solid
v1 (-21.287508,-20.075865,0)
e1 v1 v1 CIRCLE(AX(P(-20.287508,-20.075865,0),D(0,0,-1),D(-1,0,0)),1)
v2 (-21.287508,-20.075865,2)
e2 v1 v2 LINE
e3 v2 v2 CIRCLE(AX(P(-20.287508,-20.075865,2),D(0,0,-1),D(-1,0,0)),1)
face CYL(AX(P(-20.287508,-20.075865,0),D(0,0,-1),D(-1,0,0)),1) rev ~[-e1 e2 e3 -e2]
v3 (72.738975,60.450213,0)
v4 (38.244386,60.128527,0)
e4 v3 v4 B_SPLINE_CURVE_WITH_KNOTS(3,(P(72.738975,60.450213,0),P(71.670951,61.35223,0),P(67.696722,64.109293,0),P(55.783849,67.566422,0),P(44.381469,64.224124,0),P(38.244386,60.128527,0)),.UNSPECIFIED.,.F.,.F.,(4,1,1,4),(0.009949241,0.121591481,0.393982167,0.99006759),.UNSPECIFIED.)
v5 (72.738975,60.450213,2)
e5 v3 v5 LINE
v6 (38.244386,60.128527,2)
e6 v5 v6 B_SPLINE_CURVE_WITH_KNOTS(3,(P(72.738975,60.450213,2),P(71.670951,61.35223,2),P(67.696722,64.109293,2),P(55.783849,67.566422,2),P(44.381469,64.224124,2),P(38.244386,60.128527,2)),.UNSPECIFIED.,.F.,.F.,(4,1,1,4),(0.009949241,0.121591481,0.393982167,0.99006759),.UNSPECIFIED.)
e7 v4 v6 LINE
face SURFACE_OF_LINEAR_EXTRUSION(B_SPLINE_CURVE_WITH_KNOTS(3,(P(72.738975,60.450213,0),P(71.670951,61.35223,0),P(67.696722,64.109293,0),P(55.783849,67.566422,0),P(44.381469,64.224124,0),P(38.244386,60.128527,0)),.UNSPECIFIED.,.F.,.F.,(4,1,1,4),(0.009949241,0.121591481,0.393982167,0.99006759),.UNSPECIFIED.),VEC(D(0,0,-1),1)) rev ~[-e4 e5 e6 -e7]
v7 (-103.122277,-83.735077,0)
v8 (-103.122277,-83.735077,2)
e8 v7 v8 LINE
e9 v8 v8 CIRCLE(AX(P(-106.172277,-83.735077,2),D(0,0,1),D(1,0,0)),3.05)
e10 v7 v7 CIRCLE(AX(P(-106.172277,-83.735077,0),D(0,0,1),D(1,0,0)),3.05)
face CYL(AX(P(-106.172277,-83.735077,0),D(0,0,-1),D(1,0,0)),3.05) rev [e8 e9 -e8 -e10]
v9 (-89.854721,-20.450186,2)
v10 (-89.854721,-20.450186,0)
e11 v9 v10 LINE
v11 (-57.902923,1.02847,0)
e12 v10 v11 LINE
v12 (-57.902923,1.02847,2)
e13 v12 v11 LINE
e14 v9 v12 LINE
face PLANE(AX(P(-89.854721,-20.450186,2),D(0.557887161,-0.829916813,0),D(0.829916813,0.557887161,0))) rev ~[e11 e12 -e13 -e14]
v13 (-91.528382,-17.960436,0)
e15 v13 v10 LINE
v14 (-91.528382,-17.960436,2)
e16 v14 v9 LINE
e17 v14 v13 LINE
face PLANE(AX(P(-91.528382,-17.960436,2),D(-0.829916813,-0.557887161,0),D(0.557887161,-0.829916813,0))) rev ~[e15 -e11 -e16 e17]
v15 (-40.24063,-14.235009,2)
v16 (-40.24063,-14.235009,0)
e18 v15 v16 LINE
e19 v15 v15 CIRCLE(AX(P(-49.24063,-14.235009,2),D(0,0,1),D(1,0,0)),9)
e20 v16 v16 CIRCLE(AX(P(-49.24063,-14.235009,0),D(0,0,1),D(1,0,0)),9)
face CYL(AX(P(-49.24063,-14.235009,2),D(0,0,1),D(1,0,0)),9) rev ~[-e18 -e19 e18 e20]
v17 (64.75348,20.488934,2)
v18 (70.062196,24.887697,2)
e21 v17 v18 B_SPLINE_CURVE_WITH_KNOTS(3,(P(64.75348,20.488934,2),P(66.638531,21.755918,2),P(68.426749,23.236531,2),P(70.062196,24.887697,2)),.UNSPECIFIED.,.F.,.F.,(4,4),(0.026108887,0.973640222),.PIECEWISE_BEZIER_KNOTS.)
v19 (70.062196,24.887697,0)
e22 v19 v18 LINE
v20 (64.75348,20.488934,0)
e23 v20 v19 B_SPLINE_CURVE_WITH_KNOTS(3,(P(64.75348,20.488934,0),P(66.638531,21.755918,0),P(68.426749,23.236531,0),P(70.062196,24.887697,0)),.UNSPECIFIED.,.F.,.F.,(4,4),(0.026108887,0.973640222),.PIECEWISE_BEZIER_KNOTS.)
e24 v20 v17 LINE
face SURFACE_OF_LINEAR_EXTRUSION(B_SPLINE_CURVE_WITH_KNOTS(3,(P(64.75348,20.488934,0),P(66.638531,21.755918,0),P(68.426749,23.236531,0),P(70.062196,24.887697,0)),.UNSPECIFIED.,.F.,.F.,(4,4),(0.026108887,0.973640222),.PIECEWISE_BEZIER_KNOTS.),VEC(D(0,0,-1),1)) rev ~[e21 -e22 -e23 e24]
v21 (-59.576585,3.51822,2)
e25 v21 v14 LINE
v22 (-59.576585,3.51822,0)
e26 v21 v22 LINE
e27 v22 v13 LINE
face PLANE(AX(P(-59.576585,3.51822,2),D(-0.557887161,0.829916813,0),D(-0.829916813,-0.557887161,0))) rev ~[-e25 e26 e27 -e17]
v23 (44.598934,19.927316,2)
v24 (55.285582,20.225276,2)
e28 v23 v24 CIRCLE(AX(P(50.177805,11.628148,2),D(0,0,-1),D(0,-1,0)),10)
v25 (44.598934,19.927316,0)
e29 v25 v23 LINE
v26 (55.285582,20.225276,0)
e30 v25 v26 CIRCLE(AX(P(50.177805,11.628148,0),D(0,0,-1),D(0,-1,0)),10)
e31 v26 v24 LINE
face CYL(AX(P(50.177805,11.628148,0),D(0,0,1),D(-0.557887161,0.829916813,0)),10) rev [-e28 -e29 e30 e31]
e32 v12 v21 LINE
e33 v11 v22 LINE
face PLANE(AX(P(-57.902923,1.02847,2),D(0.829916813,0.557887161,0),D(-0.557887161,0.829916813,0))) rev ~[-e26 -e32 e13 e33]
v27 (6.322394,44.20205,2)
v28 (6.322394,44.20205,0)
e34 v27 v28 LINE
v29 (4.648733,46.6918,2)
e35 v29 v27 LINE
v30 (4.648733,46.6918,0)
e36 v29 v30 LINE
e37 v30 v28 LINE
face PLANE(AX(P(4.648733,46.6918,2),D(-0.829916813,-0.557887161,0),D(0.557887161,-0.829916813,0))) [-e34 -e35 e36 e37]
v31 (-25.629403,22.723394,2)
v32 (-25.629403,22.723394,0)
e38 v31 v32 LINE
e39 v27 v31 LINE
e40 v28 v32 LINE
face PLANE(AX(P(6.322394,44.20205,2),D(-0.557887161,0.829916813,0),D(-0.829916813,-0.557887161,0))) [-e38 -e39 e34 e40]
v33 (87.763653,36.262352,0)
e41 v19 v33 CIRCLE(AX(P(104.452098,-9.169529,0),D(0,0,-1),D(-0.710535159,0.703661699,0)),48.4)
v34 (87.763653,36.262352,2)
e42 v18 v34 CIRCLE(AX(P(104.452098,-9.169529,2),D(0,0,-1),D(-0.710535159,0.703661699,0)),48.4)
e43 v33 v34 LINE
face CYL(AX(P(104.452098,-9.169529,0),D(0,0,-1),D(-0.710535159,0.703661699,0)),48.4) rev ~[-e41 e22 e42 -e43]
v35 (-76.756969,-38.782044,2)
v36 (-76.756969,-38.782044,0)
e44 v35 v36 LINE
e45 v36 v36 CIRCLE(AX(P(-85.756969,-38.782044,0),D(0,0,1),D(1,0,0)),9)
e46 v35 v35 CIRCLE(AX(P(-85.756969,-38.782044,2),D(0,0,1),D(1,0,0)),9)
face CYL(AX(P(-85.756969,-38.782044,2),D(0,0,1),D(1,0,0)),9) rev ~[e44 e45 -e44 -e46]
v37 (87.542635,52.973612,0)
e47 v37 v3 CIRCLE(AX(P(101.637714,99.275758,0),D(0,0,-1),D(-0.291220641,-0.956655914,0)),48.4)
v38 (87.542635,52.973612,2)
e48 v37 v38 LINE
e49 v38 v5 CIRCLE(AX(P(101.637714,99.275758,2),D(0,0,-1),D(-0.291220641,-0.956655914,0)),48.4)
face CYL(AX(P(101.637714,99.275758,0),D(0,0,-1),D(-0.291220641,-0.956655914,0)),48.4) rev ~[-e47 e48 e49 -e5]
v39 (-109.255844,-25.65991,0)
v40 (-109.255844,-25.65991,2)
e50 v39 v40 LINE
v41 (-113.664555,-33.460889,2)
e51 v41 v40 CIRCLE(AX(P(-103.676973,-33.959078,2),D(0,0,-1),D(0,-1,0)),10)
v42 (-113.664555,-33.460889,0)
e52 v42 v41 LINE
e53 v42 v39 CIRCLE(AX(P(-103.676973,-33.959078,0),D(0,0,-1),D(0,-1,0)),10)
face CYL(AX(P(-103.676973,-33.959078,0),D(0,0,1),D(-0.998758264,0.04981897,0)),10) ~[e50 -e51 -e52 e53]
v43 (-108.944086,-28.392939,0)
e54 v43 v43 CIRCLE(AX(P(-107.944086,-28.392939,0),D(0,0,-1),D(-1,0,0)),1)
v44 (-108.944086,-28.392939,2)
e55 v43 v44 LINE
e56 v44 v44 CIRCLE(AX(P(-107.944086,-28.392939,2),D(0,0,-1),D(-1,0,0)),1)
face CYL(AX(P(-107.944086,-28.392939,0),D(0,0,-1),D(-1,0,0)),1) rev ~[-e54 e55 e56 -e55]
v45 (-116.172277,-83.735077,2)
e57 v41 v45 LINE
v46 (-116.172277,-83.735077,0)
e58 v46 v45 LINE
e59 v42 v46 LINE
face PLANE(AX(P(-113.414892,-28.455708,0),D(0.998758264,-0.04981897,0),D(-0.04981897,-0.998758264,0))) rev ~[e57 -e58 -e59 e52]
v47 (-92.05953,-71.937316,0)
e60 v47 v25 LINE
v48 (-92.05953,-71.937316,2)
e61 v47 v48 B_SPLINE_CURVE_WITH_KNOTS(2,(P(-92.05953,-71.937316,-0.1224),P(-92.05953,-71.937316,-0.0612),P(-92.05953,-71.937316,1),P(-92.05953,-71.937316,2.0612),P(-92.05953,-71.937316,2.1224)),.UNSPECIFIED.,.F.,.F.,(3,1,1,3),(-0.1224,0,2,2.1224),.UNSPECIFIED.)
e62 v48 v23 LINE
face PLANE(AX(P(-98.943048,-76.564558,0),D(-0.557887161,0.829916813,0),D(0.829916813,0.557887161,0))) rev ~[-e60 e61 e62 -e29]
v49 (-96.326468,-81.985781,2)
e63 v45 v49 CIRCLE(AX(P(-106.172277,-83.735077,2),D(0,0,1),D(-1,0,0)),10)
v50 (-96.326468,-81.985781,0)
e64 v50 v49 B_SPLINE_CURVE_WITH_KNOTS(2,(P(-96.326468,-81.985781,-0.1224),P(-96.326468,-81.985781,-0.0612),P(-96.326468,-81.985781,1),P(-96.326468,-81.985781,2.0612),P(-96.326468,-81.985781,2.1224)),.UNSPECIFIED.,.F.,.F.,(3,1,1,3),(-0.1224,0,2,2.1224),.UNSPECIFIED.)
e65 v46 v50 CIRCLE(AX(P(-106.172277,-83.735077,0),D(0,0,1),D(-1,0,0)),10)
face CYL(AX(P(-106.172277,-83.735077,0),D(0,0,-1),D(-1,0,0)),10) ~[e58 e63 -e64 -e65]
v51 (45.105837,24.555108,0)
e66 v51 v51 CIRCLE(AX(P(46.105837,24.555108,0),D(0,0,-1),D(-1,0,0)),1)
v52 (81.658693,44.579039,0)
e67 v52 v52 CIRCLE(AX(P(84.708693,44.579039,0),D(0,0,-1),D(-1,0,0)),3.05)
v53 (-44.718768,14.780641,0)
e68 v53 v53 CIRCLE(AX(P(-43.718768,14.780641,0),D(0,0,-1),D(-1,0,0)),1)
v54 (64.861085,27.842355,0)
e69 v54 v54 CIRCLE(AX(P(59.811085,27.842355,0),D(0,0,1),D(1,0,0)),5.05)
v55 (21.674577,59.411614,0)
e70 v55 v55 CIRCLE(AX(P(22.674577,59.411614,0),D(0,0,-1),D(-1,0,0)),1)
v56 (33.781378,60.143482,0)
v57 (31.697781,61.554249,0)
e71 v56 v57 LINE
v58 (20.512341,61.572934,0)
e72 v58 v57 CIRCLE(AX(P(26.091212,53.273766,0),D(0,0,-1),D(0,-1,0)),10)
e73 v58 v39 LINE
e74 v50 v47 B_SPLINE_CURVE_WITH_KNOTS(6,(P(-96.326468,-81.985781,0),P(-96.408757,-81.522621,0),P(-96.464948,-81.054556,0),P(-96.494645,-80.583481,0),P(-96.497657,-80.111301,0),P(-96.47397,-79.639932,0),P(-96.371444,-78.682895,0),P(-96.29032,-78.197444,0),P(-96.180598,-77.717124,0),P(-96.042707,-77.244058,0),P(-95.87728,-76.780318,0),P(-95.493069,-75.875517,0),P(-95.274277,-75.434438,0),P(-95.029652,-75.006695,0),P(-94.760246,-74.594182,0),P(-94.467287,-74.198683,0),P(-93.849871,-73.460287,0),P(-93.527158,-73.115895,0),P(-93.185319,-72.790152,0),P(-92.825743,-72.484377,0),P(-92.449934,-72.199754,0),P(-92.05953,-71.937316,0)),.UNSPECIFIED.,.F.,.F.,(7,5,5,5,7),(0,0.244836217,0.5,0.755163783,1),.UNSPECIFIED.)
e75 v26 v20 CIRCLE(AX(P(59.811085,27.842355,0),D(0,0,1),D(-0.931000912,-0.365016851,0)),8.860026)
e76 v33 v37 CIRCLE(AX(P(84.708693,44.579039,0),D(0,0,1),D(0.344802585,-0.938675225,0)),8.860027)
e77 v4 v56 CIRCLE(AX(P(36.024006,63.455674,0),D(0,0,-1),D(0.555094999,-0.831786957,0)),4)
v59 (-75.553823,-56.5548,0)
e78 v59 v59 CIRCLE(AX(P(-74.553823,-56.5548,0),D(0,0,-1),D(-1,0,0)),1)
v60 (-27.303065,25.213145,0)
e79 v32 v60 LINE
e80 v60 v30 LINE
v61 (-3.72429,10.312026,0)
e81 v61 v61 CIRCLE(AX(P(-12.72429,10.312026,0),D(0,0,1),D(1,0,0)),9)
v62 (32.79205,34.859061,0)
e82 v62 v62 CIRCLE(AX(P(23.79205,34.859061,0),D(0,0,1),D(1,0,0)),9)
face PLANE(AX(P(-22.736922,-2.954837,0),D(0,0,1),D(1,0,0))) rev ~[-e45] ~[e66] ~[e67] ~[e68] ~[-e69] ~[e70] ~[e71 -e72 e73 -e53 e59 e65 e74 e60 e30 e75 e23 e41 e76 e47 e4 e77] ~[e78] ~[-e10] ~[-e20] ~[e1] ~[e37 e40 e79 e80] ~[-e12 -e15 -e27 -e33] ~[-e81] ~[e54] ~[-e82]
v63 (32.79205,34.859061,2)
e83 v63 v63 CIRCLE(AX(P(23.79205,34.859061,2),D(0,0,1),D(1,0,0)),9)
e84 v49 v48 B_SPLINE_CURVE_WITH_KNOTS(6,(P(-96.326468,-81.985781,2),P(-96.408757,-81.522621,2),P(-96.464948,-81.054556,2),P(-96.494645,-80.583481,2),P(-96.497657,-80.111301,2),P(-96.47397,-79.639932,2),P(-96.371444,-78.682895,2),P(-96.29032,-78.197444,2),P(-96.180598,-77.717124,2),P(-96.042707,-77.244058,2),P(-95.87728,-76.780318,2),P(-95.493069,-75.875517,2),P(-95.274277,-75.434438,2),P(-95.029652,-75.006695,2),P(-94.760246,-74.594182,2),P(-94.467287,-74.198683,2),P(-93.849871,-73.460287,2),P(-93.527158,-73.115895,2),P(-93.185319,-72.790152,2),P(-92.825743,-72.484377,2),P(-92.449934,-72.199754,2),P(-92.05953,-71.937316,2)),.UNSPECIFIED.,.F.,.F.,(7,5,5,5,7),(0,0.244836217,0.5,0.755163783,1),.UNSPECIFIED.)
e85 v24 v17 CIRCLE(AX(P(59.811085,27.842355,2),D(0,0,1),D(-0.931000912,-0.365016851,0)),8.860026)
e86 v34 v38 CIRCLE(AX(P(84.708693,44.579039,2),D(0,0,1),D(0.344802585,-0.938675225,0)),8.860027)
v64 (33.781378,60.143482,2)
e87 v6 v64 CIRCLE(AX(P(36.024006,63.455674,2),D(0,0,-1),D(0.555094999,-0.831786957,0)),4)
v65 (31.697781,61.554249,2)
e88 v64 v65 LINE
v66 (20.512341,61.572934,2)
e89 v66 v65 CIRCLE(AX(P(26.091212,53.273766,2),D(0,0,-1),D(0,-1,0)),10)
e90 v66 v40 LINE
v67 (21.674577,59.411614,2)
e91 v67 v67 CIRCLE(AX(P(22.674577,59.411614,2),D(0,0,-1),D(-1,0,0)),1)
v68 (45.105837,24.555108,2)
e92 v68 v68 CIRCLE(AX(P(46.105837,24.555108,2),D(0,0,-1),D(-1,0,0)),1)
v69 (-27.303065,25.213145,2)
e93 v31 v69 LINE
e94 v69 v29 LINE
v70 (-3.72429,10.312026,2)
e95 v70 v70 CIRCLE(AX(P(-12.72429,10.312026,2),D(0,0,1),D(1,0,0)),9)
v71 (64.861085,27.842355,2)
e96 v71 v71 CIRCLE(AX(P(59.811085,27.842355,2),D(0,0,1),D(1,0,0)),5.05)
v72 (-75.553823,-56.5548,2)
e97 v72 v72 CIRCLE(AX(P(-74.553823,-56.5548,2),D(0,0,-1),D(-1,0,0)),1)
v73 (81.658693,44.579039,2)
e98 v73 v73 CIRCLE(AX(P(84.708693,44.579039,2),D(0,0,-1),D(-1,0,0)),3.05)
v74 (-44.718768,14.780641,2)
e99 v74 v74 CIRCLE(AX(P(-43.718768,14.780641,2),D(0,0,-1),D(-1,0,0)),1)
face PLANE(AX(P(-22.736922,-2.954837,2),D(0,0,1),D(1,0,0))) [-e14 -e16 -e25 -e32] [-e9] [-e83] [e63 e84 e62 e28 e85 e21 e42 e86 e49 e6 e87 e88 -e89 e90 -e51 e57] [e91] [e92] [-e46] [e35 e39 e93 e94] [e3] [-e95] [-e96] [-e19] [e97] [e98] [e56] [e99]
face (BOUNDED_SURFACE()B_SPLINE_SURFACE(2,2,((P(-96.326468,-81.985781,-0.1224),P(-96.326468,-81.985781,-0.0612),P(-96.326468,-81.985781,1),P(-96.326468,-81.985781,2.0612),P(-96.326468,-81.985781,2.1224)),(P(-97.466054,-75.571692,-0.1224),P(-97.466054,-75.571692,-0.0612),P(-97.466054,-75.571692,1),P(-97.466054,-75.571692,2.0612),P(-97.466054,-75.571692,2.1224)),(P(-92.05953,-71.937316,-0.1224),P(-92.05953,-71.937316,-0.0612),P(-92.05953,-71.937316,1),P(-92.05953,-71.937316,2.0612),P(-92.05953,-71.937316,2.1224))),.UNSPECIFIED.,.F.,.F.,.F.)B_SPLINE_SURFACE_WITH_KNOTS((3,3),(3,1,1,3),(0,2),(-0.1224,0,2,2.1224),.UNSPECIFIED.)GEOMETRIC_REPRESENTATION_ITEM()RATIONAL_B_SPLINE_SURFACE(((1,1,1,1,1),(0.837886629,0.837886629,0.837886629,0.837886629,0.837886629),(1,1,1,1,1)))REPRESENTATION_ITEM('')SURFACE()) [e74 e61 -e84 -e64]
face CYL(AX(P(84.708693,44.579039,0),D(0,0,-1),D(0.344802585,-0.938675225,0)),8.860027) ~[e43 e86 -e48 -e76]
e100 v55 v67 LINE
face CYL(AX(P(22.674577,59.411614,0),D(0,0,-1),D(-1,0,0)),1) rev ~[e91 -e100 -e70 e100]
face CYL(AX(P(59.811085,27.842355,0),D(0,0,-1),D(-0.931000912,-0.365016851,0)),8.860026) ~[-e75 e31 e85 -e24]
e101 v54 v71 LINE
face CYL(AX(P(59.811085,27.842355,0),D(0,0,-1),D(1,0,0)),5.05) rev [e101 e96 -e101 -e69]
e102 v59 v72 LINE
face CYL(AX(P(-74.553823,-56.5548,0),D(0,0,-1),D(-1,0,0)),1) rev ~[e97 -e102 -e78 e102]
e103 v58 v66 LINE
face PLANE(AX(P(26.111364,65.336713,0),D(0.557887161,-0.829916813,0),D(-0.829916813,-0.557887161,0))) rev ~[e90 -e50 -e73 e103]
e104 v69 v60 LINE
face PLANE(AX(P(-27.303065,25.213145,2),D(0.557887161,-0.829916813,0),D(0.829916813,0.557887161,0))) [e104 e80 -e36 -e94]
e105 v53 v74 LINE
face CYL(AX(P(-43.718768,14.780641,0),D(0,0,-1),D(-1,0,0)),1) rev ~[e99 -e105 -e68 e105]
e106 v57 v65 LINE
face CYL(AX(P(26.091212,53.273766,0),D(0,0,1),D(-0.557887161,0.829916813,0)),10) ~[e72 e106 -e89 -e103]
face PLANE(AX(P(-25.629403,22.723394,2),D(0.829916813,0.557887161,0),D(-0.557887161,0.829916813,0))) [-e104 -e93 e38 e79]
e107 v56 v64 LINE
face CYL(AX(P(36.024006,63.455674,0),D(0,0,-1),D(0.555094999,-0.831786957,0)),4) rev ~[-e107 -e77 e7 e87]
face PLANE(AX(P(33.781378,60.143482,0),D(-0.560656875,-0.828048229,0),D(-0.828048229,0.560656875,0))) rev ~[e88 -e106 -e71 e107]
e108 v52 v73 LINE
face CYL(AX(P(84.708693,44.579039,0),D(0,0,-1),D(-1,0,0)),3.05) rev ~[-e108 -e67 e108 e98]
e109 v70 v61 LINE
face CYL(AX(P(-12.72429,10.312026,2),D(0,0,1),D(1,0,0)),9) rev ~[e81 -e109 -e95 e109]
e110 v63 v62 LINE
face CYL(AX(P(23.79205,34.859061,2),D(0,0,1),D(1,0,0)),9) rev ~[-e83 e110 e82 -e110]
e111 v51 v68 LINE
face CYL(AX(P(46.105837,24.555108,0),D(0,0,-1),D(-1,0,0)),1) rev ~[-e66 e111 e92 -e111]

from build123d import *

# Parameters (mm, degrees)
SKETCH_1_R          = 3.05
SKETCH_1_R_2        = 5.05
EXTRUDE_1_DEPTH     = 2
SKETCH_2_R          = 3.05
CUT_EXTRUDE_1_DEPTH = 3.0000001
FILLET_1_R          = 10
FILLET_2_R          = 10
SKETCH_4_R          = 9
CUT_EXTRUDE_3_DEPTH = 10
FILLET_3_R          = 10
SKETCH_5_R          = 1
CUT_EXTRUDE_4_DEPTH = 10
CUT_EXTRUDE_5_DEPTH = 10


with BuildPart() as part:
    # 草图1 → 凸台-拉伸1 (new body)
    with BuildSketch(Plane.XY):
        with BuildLine():
            Line((33.781378488, 60.143481549), (26.111364219, 65.33671315))
            Line((26.111364219, 65.33671315), (-113.414892299, -28.455707895))
            Line((-113.414892299, -28.455707895), (-116.172277489, -83.735077284))
            ThreePointArc((-116.172277489, -83.735077284), (-103.256088302, -93.300423103), (-97.873109363, -78.156205675))
            Line((-97.873109363, -78.156205675), (-98.943047596, -76.564558134))
            Line((-98.943047596, -76.564558134), (51.562392304, 24.608295928))
            ThreePointArc((51.562392304, 24.608295928), (57.170026982, 19.385116489), (64.753479859, 20.488933768))
            add(Edge.make_bspline(
                [(64.753479859, 20.488933768), (66.638530957, 21.755918107), (68.426748806, 23.236531132), (70.062196414, 24.887697208)],
                knots=[0.026108887, 0.026108887, 0.026108887, 0.026108887, 0.973640222, 0.973640222, 0.973640222, 0.973640222], degree=3))
            ThreePointArc((70.062196414, 24.887697208), (78.287330396, 31.54858645), (87.76365302, 36.262351829))
            ThreePointArc((87.76365302, 36.262351829), (93.567944773, 44.696209097), (87.54263496, 52.973611636))
            ThreePointArc((87.54263496, 52.973611636), (79.818181838, 56.073118878), (72.738975332, 60.450213395))
            add(Edge.make_bspline(
                [(72.738975332, 60.450213395), (71.67095149, 61.35223039), (67.696722379, 64.109293298), (55.783849218, 67.566421953), (44.38146919, 64.224123675), (38.244385983, 60.128526636)],
                knots=[0.009949241, 0.009949241, 0.009949241, 0.009949241, 0.121591481, 0.393982167, 0.99006759, 0.99006759, 0.99006759, 0.99006759], degree=3))
            ThreePointArc((38.244385983, 60.128526636), (36.010602622, 59.45569692), (33.781378488, 60.143481549))
        make_face()
        with Locations((-106.172277489, -83.735077284)):
            Circle(SKETCH_1_R, mode=Mode.SUBTRACT)
        with Locations((59.811085021, 27.842354887)):
            Circle(SKETCH_1_R_2, mode=Mode.SUBTRACT)
    extrude(amount=EXTRUDE_1_DEPTH)

    # 草图2 → 切除-拉伸1 (cut, through all)
    with BuildSketch(Plane(origin=(0, 0, 0), x_dir=(-1, 0, 0), z_dir=(0, 0, -1))):
        with Locations((-84.708692938, 44.579039315)):
            Circle(SKETCH_2_R)
    extrude(amount=-CUT_EXTRUDE_1_DEPTH, mode=Mode.SUBTRACT)

    # 圆角1
    fillet_1_edges = [part.edges().sort_by_distance(p)[0] for p in [
        (51.562392304, 24.608295928, 1),
    ]]
    fillet(fillet_1_edges, radius=FILLET_1_R)

    # 圆角2
    fillet_2_edges = [part.edges().sort_by_distance(p)[0] for p in [
        (-113.414892299, -28.455707895, 1),
        (26.111364219, 65.33671315, 1),
    ]]
    fillet(fillet_2_edges, radius=FILLET_2_R)

    # 草图4 → 切除-拉伸3 (cut)
    with BuildSketch(Plane.XY.offset(2)):
        with Locations((-49.240629704, -14.235008927)):
            Circle(SKETCH_4_R)
        with Locations((-12.724289952, 10.312026151)):
            Circle(SKETCH_4_R)
        with Locations((23.792049801, 34.859061229)):
            Circle(SKETCH_4_R)
        with Locations((-85.756969456, -38.782044004)):
            Circle(SKETCH_4_R)
    extrude(amount=-CUT_EXTRUDE_3_DEPTH, mode=Mode.SUBTRACT)

    # 圆角3
    fillet_3_edges = [part.edges().sort_by_distance(p)[0] for p in [
        (-98.943047596, -76.564558134, 1),
    ]]
    fillet(fillet_3_edges, radius=FILLET_3_R)

    # 草图5 → 切除-拉伸4 (cut)
    with BuildSketch(Plane(origin=(0, 0, 0), x_dir=(-1, 0, 0), z_dir=(0, 0, -1))):
        with Locations((-22.674576674, 59.411613704)):
            Circle(SKETCH_5_R)
        with Locations((43.71876833, 14.780640835)):
            Circle(SKETCH_5_R)
        with Locations((107.944085943, -28.392939404)):
            Circle(SKETCH_5_R)
        with Locations((-46.10583743, 24.555107577)):
            Circle(SKETCH_5_R)
        with Locations((20.287507574, -20.075865292)):
            Circle(SKETCH_5_R)
        with Locations((74.553823436, -56.554799601)):
            Circle(SKETCH_5_R)
    extrude(amount=-CUT_EXTRUDE_4_DEPTH, mode=Mode.SUBTRACT)

    # 草图6 → 切除-拉伸5 (cut)
    with BuildSketch(Plane.XY.offset(2)):
        Polygon((4.648732698, 46.691800395), (6.322394181, 44.202049957), (-25.629403102, 22.723394264), (-27.303064585, 25.213144702), align=None)
        Polygon((-89.854720715, -20.450185975), (-57.902923432, 1.028469718), (-59.576584915, 3.518220156), (-91.528382198, -17.960435537), align=None)
    extrude(amount=-CUT_EXTRUDE_5_DEPTH, mode=Mode.SUBTRACT)


solid = part.part
